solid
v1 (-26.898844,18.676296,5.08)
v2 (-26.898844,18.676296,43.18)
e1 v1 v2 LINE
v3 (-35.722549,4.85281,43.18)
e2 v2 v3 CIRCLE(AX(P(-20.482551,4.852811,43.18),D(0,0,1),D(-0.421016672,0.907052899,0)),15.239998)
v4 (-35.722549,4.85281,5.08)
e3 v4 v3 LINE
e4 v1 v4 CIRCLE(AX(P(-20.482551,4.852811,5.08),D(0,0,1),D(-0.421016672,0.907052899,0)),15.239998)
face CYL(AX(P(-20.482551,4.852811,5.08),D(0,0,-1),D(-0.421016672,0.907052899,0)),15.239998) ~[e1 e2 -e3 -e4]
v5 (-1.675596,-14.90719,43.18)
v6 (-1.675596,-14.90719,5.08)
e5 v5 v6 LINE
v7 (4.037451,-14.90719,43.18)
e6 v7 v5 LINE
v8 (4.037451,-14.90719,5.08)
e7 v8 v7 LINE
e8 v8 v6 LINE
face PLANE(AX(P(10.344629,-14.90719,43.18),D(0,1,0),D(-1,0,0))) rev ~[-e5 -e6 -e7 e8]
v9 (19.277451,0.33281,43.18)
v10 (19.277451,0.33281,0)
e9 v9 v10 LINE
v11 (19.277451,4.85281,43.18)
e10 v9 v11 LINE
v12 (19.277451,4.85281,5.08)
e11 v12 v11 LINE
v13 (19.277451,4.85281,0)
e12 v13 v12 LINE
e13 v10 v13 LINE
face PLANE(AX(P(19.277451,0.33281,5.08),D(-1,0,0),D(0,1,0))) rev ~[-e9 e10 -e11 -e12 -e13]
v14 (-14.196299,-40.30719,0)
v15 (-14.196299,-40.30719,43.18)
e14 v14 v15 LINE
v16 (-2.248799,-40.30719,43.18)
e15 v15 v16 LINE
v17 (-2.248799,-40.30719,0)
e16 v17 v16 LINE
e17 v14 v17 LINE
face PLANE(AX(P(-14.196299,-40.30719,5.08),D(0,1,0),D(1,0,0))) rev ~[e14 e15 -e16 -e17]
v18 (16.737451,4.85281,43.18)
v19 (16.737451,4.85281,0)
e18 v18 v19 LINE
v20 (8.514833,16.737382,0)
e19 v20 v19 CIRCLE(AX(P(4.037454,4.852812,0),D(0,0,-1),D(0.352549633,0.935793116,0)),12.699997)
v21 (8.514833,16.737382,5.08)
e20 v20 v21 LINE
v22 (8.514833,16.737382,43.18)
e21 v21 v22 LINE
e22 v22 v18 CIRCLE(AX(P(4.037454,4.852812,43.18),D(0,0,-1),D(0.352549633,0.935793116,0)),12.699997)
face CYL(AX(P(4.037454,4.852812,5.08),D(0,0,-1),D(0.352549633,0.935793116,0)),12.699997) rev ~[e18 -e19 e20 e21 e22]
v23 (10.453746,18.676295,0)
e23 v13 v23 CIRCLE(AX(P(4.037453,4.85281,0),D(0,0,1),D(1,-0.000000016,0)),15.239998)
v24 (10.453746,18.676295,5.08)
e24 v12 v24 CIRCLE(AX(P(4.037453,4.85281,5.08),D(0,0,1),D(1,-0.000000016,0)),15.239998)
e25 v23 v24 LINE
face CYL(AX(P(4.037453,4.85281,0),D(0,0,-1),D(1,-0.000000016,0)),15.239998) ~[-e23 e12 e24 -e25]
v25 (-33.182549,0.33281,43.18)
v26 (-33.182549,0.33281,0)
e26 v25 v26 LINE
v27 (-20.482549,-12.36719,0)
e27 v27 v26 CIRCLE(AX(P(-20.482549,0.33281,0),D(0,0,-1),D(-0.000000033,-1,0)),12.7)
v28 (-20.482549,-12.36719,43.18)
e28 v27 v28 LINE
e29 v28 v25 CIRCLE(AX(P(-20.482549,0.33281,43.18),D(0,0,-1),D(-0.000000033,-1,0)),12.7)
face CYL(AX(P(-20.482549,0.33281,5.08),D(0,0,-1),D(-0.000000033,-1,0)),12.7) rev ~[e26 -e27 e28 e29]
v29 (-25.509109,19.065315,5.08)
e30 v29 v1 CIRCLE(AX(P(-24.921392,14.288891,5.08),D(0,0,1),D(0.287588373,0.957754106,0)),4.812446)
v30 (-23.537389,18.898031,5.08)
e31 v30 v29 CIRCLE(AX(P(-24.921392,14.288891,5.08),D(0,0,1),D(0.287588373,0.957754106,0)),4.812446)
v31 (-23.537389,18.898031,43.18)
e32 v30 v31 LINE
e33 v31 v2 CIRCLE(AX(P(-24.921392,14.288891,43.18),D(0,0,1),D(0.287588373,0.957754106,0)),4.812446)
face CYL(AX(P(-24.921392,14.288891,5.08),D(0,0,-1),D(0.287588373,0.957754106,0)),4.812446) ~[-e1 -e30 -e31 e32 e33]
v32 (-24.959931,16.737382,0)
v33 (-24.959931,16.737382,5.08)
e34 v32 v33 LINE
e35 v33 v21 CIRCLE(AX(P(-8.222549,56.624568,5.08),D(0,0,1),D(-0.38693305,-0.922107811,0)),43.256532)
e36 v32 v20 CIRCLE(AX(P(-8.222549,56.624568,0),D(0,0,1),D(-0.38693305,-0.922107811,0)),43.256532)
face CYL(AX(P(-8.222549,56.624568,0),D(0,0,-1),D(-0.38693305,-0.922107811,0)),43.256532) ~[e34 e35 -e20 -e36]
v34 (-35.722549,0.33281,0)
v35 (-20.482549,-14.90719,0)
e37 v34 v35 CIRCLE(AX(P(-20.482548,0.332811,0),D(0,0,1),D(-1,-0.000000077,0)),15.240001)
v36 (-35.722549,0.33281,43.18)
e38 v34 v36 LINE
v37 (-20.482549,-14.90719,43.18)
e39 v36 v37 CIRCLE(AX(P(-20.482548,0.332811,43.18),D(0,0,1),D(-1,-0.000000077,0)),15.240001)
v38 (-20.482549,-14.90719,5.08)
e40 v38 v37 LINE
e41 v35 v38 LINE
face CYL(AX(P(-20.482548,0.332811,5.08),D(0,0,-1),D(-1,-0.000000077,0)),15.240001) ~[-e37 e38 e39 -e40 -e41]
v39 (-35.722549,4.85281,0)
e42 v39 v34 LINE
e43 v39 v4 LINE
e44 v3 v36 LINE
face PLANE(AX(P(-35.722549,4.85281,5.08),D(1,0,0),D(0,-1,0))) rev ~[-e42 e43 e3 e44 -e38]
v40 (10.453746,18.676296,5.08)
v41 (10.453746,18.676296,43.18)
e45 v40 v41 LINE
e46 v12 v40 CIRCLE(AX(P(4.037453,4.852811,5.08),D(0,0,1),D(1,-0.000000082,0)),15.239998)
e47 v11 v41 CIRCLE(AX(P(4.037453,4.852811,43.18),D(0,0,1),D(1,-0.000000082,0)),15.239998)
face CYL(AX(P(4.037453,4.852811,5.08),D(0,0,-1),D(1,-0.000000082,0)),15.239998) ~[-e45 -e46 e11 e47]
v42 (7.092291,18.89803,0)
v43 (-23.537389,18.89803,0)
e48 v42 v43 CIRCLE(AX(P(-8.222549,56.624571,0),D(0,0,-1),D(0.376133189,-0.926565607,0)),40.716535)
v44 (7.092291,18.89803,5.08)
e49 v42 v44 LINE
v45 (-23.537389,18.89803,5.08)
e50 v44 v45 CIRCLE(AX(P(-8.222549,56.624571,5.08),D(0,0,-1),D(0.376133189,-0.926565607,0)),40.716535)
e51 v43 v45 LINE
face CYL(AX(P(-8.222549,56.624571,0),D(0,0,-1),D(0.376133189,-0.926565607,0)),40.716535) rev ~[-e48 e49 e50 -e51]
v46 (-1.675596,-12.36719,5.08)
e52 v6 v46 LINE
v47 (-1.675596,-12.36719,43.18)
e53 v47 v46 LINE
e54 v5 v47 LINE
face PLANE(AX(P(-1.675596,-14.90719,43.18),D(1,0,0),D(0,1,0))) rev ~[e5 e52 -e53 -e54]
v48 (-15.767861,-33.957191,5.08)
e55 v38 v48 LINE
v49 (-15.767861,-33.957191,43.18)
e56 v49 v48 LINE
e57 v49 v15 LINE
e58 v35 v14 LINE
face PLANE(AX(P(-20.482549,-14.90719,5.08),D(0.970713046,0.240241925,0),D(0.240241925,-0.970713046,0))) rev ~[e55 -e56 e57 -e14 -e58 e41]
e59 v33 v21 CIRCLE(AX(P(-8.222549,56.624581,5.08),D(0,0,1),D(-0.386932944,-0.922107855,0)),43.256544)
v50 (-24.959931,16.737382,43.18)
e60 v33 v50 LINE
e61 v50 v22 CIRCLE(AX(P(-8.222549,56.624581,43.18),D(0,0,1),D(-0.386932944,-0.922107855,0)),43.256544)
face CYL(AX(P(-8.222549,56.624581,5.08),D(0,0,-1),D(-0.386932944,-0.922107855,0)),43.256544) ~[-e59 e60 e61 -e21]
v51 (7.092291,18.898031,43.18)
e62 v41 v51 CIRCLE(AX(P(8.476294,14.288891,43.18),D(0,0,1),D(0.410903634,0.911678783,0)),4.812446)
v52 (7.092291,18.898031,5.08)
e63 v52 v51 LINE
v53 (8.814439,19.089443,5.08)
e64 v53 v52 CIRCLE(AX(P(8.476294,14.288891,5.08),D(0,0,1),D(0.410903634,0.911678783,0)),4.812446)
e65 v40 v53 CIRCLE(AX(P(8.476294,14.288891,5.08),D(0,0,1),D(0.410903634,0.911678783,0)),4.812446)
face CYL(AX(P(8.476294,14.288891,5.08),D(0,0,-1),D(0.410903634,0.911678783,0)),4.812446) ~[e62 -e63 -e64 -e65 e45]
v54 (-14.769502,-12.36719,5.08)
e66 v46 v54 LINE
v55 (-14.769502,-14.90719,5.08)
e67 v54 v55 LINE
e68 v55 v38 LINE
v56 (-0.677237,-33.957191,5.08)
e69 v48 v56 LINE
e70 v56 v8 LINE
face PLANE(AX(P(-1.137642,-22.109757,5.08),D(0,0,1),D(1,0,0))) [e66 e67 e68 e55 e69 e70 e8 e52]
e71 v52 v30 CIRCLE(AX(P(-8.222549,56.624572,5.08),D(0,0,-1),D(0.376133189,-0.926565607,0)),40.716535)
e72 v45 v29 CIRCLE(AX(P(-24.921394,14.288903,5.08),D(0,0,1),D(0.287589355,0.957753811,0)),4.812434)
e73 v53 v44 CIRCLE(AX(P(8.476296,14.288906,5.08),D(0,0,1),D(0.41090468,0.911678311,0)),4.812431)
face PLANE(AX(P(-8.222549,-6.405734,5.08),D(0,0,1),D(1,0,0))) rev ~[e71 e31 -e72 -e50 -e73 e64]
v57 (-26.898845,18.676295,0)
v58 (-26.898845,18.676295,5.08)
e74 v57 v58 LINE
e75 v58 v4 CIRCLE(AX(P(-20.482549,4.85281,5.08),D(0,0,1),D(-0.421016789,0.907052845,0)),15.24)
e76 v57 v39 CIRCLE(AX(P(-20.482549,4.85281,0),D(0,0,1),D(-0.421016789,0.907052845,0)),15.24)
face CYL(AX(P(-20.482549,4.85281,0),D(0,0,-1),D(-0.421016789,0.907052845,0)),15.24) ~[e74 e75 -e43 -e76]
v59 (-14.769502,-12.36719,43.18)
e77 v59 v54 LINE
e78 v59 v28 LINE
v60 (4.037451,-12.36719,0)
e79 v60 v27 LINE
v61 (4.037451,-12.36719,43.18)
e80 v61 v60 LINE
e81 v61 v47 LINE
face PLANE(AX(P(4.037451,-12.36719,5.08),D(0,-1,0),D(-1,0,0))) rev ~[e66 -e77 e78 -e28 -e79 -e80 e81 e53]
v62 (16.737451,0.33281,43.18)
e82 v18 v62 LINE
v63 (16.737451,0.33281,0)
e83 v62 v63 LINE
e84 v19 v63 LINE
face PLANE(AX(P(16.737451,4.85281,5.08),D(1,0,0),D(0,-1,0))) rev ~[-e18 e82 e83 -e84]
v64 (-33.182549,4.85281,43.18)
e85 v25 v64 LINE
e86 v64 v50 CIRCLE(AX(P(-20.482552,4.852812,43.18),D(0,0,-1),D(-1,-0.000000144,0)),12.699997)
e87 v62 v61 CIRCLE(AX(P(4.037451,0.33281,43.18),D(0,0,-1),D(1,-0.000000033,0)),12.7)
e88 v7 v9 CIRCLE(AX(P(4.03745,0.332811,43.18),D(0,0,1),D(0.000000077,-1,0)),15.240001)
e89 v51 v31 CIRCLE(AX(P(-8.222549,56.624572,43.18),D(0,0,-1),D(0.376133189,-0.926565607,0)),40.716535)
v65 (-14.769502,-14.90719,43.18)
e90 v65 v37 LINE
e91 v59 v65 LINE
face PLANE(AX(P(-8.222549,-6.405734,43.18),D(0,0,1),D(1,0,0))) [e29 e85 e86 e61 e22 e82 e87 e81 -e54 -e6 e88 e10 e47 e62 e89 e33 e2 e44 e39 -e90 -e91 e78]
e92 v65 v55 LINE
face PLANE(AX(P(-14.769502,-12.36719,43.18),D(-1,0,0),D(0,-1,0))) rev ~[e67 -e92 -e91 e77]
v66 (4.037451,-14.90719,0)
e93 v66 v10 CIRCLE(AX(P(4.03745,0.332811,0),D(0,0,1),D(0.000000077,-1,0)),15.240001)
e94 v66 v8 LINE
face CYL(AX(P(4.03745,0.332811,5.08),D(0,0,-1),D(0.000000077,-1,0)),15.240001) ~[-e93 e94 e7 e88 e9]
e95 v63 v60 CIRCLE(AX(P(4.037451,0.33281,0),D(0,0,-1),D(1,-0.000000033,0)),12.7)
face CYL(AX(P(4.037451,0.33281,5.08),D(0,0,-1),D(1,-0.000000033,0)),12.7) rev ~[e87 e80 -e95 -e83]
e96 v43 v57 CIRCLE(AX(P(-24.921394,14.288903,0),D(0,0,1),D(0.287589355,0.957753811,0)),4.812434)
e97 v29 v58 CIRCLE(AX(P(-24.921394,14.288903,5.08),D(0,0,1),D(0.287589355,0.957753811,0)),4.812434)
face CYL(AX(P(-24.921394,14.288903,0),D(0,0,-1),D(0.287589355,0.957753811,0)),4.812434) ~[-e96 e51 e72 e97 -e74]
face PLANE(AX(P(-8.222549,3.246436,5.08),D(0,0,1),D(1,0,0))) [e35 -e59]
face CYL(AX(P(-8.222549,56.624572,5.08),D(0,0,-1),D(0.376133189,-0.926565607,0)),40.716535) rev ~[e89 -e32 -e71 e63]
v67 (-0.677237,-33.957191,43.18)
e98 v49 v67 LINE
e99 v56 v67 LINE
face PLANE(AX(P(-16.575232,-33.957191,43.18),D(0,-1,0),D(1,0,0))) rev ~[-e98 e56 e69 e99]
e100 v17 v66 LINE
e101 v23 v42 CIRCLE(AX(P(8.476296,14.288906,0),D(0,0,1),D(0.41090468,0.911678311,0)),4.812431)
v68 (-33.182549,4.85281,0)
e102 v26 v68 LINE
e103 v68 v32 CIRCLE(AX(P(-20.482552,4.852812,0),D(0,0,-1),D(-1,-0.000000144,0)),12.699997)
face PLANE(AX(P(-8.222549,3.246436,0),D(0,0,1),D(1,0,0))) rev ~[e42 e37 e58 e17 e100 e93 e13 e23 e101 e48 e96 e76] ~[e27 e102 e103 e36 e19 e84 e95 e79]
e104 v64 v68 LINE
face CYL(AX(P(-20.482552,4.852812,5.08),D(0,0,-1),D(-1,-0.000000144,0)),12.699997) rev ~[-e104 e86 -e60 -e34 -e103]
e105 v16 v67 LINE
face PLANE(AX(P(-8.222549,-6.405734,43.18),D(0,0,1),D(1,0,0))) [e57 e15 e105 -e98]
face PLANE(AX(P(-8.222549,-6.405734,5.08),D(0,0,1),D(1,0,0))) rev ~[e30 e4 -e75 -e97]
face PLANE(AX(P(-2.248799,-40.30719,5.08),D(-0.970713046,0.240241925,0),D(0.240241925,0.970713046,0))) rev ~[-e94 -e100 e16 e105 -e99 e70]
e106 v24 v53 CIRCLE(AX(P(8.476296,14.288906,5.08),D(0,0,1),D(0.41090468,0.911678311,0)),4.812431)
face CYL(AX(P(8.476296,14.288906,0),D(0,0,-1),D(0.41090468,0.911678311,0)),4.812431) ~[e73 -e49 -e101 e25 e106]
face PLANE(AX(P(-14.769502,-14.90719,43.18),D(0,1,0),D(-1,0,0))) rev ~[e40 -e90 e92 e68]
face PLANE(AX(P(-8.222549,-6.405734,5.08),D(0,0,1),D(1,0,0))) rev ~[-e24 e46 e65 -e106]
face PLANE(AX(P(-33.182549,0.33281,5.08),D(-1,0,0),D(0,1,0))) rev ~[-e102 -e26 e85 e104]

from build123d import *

# Parameters (mm, degrees)
F1_DEPTH = 5.08
F2_DEPTH = 38.1
F4_DEPTH = 38.1


with BuildPart() as f1:
    # F0 (on Top) → F1 (new body)
    with BuildSketch(Plane.XY):
        with BuildLine():
            ThreePointArc((-35.722549, 0.33281), (-31.258856, -10.443497), (-20.482549, -14.90719))
            Line((-20.482549, -14.90719), (-14.572549, -14.90719))
            Line((-14.572549, -14.90719), (-14.572549, -12.36719))
            Line((-14.572549, -12.36719), (-20.482549, -12.36719))
            ThreePointArc((-20.482549, -12.36719), (-29.462805, -8.647446), (-33.182549, 0.33281))
            Line((-33.182549, 0.33281), (-33.182549, 4.85281))
            ThreePointArc((-33.182549, 4.85281), (-30.926513, 12.07871), (-24.959931, 16.737382))
            ThreePointArc((-24.959931, 16.737382), (-8.222549, 13.368036), (8.514833, 16.737382))
            ThreePointArc((8.514833, 16.737382), (14.481415, 12.07871), (16.737451, 4.85281))
            Line((16.737451, 4.85281), (16.737451, 0.33281))
            ThreePointArc((16.737451, 0.33281), (13.017707, -8.647446), (4.037451, -12.36719))
            Line((4.037451, -12.36719), (-1.872549, -12.36719))
            Line((-1.872549, -12.36719), (-1.872549, -14.90719))
            Line((-1.872549, -14.90719), (4.037451, -14.90719))
            ThreePointArc((4.037451, -14.90719), (14.813758, -10.443497), (19.277451, 0.33281))
            Line((19.277451, 0.33281), (19.277451, 4.85281))
            ThreePointArc((19.277451, 4.85281), (16.8835, 13.052604), (10.453746, 18.676295))
            ThreePointArc((10.453746, 18.676295), (8.793055, 19.090901), (7.092291, 18.89803))
            ThreePointArc((7.092291, 18.89803), (-8.222549, 15.908036), (-23.537389, 18.89803))
            ThreePointArc((-23.537389, 18.89803), (-25.238153, 19.090901), (-26.898845, 18.676295))
            ThreePointArc((-26.898845, 18.676295), (-33.328598, 13.052604), (-35.722549, 4.85281))
            Line((-35.722549, 4.85281), (-35.722549, 0.33281))
        make_face()
        Polygon((-14.572549, -14.90719), (-20.482549, -14.90719), (-14.196299, -40.30719), (-2.248799, -40.30719), (4.037451, -14.90719), (-1.872549, -14.90719), (-1.872549, -12.36719), (-14.572549, -12.36719), align=None)
    extrude(amount=F1_DEPTH)

    # F1_face (on face) → F2 (join)
    with BuildSketch(Plane(origin=(-8.222549, -13.641233, 5.08), x_dir=(1, 0, 0), z_dir=(0, 0, 1))):
        with BuildLine():
            ThreePointArc((-18.676295, 32.317529), (-25.106049, 26.693838), (-27.5, 18.494043))
            Line((-27.5, 18.494043), (-27.5, 13.974043))
            ThreePointArc((-27.5, 13.974043), (-23.036307, 3.197736), (-12.26, -1.265957))
            Line((-12.26, -1.265957), (-5.97375, -26.665957))
            Line((-5.97375, -26.665957), (5.97375, -26.665957))
            Line((5.97375, -26.665957), (12.26, -1.265957))
            ThreePointArc((12.26, -1.265957), (23.036307, 3.197736), (27.5, 13.974043))
            Line((27.5, 13.974043), (27.5, 18.494043))
            ThreePointArc((27.5, 18.494043), (25.106049, 26.693838), (18.676295, 32.317529))
            ThreePointArc((18.676295, 32.317529), (17.015604, 32.732134), (15.31484, 32.539264))
            ThreePointArc((15.31484, 32.539264), (0, 29.54927), (-15.31484, 32.539264))
            ThreePointArc((-15.31484, 32.539264), (-17.015604, 32.732134), (-18.676295, 32.317529))
        make_face()
        with BuildLine():
            ThreePointArc((-12.26, 1.274043), (-21.240256, 4.993787), (-24.96, 13.974043))
            Line((-24.96, 13.974043), (-24.96, 18.494043))
            ThreePointArc((-24.96, 18.494043), (-22.703964, 25.719943), (-16.737382, 30.378615))
            ThreePointArc((-16.737382, 30.378615), (0, 27.00927), (16.737382, 30.378615))
            ThreePointArc((16.737382, 30.378615), (22.703964, 25.719943), (24.96, 18.494043))
            Line((24.96, 18.494043), (24.96, 13.974043))
            ThreePointArc((24.96, 13.974043), (21.240256, 4.993787), (12.26, 1.274043))
            Line((12.26, 1.274043), (-12.26, 1.274043))
        make_face(mode=Mode.SUBTRACT)
    extrude(amount=F2_DEPTH)

    # F3 (on face) → F4 (cut)
    with BuildSketch(Plane.XY.offset(43.18)):
        Polygon((-1.675596, -12.36719), (-8.222549, -12.36719), (-8.222549, -33.957191), (-2.248799, -33.957191), (0.130134, -33.957191), (10.344629, -14.90719), (-1.675596, -14.90719), align=None)
        Polygon((-8.222549, -33.957191), (-8.222549, -12.36719), (-14.769502, -12.36719), (-14.769502, -14.90719), (-26.789727, -14.90719), (-16.575232, -33.957191), (-14.196299, -33.957191), align=None)
    extrude(amount=-F4_DEPTH, mode=Mode.SUBTRACT)


solid = f1.part
